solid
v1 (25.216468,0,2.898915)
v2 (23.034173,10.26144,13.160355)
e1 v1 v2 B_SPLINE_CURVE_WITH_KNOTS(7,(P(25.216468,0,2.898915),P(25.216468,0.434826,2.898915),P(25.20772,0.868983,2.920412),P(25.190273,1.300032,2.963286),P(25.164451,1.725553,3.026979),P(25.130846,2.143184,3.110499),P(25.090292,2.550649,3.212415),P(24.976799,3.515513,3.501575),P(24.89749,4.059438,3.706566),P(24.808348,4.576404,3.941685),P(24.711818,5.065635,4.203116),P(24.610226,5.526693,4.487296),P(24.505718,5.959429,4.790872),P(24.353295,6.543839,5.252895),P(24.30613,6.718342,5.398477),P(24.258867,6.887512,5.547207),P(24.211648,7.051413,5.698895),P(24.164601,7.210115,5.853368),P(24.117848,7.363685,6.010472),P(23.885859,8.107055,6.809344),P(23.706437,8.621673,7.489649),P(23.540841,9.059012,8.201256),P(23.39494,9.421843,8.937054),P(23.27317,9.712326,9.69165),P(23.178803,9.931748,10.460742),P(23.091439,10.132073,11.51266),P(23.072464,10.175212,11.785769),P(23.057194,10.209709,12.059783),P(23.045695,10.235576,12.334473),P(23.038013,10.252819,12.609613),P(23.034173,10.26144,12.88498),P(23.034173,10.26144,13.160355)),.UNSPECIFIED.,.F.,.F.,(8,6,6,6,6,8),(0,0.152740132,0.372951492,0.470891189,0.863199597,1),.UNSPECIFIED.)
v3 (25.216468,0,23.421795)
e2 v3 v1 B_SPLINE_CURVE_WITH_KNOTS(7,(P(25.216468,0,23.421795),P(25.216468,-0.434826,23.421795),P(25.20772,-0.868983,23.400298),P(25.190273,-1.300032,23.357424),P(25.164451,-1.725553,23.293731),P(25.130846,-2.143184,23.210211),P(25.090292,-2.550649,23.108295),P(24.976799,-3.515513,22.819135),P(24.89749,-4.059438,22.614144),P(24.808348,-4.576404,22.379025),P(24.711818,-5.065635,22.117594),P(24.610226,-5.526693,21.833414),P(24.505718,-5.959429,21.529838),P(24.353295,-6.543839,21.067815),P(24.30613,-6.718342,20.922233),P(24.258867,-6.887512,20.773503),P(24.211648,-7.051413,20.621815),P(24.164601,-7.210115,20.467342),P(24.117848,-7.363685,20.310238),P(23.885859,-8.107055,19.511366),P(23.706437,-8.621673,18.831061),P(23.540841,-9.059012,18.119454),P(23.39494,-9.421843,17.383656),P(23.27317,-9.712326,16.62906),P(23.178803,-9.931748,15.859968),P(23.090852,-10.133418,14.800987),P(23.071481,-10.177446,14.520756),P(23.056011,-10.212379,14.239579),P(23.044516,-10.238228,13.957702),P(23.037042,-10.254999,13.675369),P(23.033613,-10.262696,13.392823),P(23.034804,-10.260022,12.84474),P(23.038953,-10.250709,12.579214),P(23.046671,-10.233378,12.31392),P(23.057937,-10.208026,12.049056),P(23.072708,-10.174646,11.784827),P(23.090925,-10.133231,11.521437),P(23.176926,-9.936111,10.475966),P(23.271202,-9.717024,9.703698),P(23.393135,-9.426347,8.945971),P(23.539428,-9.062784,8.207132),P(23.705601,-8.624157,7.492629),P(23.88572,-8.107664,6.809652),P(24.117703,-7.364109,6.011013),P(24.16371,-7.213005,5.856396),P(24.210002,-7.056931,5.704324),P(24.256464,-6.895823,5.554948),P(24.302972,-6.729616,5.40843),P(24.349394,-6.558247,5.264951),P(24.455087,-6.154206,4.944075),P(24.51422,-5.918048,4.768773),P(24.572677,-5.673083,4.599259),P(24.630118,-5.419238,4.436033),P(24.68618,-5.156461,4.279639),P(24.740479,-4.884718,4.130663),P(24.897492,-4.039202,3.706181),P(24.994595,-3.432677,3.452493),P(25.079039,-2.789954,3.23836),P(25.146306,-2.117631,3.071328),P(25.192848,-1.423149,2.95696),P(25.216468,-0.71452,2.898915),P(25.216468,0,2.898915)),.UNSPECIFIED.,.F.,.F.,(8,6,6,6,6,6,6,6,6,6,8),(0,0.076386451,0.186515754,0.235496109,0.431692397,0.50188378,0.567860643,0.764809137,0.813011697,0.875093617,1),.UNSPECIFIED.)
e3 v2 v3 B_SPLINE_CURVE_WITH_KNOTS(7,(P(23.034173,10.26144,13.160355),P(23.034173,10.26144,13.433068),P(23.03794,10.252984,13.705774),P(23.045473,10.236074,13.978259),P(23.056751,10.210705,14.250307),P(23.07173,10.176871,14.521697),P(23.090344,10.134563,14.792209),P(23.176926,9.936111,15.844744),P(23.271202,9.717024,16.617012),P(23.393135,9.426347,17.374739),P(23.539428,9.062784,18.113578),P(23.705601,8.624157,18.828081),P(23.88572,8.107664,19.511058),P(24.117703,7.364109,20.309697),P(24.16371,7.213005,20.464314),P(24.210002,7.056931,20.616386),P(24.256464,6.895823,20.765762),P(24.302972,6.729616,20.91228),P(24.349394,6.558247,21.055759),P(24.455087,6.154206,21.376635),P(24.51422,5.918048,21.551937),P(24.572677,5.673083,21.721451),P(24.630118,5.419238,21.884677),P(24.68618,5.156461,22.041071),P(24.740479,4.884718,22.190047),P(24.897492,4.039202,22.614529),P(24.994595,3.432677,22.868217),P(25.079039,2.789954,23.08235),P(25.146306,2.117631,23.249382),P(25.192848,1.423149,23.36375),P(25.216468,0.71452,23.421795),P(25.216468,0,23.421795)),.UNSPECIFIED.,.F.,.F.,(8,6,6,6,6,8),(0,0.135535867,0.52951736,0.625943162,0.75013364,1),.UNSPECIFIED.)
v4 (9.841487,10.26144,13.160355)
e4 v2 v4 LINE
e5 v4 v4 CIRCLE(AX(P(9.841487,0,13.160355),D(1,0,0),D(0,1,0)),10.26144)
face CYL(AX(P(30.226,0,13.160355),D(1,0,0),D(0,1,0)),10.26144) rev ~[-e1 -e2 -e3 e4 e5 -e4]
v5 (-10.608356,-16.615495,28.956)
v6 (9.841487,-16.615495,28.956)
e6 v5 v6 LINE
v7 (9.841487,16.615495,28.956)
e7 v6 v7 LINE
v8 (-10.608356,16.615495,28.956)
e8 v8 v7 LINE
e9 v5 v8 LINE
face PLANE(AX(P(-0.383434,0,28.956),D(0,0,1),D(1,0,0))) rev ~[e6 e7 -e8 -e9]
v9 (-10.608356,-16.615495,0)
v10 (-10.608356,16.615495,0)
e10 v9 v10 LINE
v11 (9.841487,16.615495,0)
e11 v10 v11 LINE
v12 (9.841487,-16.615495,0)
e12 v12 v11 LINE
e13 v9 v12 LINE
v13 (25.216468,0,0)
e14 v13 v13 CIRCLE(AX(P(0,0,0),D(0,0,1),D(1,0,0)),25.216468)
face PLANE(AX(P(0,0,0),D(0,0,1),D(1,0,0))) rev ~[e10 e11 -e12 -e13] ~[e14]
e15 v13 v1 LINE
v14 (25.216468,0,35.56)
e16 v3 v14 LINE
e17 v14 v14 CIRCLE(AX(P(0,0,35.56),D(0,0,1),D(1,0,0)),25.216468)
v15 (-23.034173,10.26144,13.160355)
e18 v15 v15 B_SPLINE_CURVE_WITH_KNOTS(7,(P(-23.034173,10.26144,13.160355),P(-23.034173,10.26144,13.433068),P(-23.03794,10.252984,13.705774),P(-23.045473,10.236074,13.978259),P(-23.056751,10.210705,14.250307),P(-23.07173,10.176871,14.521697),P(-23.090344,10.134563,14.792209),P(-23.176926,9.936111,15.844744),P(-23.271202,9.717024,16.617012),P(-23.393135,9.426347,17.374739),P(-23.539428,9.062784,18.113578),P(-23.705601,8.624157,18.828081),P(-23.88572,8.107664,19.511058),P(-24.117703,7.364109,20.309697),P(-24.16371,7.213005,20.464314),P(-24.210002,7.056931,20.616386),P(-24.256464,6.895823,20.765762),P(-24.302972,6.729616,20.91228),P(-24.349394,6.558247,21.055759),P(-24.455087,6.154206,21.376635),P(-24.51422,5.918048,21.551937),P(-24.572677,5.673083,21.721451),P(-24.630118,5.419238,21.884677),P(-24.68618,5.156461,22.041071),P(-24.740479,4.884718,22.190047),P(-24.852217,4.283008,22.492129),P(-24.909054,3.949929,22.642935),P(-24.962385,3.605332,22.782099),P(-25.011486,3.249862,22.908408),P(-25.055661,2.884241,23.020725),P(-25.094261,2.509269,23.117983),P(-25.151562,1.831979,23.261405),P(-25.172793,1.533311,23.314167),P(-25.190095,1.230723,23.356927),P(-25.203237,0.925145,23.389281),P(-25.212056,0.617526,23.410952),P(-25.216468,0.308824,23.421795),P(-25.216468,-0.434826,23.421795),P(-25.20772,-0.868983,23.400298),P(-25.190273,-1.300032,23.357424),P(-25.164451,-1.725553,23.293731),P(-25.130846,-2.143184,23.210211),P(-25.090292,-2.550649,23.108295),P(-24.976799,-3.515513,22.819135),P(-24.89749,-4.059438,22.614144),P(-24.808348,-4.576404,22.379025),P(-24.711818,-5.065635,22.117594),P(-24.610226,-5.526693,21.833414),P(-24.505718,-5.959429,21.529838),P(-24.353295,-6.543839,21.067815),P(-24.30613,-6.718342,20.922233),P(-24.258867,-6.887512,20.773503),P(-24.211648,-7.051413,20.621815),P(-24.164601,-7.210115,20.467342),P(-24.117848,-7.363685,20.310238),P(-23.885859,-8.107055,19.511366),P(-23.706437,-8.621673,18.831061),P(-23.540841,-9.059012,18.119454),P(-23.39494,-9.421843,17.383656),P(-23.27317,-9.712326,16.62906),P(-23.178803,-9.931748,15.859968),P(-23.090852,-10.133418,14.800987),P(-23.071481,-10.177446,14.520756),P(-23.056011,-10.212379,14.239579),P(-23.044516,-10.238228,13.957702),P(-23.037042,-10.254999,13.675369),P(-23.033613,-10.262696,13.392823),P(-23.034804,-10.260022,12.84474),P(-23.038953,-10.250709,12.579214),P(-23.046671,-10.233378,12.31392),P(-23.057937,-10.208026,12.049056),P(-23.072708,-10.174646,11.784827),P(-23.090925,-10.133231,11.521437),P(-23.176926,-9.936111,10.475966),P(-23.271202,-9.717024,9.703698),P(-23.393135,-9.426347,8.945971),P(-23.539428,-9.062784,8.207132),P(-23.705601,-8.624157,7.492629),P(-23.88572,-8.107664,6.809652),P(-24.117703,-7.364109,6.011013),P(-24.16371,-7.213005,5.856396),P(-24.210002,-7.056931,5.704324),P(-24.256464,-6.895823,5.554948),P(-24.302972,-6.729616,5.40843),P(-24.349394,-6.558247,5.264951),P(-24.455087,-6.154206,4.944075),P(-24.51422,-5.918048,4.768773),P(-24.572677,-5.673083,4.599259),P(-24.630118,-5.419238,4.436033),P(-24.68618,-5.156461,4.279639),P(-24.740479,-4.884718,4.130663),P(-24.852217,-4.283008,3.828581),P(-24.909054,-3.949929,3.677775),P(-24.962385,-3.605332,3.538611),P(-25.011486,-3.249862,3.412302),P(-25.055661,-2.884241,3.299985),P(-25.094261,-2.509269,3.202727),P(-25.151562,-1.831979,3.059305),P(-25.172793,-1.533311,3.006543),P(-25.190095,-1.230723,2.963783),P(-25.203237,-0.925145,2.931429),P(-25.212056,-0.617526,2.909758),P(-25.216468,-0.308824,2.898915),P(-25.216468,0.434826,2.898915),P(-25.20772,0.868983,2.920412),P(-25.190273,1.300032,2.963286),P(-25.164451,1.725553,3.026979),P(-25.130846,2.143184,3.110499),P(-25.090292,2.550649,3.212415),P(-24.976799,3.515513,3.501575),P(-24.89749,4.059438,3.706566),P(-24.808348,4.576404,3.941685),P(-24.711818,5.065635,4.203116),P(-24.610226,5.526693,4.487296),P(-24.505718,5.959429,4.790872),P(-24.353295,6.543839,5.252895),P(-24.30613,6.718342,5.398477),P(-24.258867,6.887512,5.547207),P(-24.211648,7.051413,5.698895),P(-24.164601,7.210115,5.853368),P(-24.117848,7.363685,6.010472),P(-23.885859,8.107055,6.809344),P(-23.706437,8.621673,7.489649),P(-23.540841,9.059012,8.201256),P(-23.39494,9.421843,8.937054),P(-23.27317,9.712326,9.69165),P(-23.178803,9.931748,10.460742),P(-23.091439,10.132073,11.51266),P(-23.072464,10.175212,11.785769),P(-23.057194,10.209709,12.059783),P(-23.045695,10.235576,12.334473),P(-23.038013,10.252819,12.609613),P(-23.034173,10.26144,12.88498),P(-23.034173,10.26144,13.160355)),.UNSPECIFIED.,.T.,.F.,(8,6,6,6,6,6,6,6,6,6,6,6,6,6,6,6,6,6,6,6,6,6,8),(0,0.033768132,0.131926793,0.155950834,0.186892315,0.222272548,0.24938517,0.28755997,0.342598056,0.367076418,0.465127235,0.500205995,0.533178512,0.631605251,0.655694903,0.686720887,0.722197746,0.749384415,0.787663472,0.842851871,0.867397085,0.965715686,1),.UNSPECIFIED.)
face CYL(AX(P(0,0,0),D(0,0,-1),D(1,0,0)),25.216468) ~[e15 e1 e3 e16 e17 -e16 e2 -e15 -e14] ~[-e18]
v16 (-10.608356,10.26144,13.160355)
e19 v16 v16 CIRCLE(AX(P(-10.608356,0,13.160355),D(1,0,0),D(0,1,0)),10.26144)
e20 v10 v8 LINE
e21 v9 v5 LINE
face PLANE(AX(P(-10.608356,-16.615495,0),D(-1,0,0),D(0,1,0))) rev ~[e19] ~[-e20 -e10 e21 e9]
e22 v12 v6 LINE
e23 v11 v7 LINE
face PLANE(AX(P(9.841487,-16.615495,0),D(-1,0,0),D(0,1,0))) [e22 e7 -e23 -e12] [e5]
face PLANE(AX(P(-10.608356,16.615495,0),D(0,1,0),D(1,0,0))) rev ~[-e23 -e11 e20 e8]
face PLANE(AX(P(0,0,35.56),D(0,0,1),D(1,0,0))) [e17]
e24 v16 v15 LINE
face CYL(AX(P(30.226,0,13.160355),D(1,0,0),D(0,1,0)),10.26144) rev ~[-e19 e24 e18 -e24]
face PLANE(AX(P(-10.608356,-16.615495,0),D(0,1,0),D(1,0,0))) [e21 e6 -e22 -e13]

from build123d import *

# Parameters (mm, degrees)
F0_R     = 25.216468
F1_DEPTH = 35.56
F2_W     = 20.449843
F2_H     = 33.23099
F3_DEPTH = 28.956
F5_R     = 10.26144
F6_DEPTH = 65.532


with BuildPart() as f1:
    # F0 (on Top) → F1 (new body)
    with BuildSketch(Plane.XY):
        Circle(F0_R)
    extrude(amount=F1_DEPTH)

    # F2 (on Top) → F3 (cut)
    with BuildSketch(Plane.XY):
        with Locations((-0.383434, 0)):
            Rectangle(F2_W, F2_H)
    extrude(amount=F3_DEPTH, mode=Mode.SUBTRACT)

    # F5 (on offset) → F6 (cut)
    with BuildSketch(Plane.YZ.offset(30.226)):
        with Locations((0, 13.160355)):
            Circle(F5_R)
    extrude(amount=-F6_DEPTH, mode=Mode.SUBTRACT)


solid = f1.part
